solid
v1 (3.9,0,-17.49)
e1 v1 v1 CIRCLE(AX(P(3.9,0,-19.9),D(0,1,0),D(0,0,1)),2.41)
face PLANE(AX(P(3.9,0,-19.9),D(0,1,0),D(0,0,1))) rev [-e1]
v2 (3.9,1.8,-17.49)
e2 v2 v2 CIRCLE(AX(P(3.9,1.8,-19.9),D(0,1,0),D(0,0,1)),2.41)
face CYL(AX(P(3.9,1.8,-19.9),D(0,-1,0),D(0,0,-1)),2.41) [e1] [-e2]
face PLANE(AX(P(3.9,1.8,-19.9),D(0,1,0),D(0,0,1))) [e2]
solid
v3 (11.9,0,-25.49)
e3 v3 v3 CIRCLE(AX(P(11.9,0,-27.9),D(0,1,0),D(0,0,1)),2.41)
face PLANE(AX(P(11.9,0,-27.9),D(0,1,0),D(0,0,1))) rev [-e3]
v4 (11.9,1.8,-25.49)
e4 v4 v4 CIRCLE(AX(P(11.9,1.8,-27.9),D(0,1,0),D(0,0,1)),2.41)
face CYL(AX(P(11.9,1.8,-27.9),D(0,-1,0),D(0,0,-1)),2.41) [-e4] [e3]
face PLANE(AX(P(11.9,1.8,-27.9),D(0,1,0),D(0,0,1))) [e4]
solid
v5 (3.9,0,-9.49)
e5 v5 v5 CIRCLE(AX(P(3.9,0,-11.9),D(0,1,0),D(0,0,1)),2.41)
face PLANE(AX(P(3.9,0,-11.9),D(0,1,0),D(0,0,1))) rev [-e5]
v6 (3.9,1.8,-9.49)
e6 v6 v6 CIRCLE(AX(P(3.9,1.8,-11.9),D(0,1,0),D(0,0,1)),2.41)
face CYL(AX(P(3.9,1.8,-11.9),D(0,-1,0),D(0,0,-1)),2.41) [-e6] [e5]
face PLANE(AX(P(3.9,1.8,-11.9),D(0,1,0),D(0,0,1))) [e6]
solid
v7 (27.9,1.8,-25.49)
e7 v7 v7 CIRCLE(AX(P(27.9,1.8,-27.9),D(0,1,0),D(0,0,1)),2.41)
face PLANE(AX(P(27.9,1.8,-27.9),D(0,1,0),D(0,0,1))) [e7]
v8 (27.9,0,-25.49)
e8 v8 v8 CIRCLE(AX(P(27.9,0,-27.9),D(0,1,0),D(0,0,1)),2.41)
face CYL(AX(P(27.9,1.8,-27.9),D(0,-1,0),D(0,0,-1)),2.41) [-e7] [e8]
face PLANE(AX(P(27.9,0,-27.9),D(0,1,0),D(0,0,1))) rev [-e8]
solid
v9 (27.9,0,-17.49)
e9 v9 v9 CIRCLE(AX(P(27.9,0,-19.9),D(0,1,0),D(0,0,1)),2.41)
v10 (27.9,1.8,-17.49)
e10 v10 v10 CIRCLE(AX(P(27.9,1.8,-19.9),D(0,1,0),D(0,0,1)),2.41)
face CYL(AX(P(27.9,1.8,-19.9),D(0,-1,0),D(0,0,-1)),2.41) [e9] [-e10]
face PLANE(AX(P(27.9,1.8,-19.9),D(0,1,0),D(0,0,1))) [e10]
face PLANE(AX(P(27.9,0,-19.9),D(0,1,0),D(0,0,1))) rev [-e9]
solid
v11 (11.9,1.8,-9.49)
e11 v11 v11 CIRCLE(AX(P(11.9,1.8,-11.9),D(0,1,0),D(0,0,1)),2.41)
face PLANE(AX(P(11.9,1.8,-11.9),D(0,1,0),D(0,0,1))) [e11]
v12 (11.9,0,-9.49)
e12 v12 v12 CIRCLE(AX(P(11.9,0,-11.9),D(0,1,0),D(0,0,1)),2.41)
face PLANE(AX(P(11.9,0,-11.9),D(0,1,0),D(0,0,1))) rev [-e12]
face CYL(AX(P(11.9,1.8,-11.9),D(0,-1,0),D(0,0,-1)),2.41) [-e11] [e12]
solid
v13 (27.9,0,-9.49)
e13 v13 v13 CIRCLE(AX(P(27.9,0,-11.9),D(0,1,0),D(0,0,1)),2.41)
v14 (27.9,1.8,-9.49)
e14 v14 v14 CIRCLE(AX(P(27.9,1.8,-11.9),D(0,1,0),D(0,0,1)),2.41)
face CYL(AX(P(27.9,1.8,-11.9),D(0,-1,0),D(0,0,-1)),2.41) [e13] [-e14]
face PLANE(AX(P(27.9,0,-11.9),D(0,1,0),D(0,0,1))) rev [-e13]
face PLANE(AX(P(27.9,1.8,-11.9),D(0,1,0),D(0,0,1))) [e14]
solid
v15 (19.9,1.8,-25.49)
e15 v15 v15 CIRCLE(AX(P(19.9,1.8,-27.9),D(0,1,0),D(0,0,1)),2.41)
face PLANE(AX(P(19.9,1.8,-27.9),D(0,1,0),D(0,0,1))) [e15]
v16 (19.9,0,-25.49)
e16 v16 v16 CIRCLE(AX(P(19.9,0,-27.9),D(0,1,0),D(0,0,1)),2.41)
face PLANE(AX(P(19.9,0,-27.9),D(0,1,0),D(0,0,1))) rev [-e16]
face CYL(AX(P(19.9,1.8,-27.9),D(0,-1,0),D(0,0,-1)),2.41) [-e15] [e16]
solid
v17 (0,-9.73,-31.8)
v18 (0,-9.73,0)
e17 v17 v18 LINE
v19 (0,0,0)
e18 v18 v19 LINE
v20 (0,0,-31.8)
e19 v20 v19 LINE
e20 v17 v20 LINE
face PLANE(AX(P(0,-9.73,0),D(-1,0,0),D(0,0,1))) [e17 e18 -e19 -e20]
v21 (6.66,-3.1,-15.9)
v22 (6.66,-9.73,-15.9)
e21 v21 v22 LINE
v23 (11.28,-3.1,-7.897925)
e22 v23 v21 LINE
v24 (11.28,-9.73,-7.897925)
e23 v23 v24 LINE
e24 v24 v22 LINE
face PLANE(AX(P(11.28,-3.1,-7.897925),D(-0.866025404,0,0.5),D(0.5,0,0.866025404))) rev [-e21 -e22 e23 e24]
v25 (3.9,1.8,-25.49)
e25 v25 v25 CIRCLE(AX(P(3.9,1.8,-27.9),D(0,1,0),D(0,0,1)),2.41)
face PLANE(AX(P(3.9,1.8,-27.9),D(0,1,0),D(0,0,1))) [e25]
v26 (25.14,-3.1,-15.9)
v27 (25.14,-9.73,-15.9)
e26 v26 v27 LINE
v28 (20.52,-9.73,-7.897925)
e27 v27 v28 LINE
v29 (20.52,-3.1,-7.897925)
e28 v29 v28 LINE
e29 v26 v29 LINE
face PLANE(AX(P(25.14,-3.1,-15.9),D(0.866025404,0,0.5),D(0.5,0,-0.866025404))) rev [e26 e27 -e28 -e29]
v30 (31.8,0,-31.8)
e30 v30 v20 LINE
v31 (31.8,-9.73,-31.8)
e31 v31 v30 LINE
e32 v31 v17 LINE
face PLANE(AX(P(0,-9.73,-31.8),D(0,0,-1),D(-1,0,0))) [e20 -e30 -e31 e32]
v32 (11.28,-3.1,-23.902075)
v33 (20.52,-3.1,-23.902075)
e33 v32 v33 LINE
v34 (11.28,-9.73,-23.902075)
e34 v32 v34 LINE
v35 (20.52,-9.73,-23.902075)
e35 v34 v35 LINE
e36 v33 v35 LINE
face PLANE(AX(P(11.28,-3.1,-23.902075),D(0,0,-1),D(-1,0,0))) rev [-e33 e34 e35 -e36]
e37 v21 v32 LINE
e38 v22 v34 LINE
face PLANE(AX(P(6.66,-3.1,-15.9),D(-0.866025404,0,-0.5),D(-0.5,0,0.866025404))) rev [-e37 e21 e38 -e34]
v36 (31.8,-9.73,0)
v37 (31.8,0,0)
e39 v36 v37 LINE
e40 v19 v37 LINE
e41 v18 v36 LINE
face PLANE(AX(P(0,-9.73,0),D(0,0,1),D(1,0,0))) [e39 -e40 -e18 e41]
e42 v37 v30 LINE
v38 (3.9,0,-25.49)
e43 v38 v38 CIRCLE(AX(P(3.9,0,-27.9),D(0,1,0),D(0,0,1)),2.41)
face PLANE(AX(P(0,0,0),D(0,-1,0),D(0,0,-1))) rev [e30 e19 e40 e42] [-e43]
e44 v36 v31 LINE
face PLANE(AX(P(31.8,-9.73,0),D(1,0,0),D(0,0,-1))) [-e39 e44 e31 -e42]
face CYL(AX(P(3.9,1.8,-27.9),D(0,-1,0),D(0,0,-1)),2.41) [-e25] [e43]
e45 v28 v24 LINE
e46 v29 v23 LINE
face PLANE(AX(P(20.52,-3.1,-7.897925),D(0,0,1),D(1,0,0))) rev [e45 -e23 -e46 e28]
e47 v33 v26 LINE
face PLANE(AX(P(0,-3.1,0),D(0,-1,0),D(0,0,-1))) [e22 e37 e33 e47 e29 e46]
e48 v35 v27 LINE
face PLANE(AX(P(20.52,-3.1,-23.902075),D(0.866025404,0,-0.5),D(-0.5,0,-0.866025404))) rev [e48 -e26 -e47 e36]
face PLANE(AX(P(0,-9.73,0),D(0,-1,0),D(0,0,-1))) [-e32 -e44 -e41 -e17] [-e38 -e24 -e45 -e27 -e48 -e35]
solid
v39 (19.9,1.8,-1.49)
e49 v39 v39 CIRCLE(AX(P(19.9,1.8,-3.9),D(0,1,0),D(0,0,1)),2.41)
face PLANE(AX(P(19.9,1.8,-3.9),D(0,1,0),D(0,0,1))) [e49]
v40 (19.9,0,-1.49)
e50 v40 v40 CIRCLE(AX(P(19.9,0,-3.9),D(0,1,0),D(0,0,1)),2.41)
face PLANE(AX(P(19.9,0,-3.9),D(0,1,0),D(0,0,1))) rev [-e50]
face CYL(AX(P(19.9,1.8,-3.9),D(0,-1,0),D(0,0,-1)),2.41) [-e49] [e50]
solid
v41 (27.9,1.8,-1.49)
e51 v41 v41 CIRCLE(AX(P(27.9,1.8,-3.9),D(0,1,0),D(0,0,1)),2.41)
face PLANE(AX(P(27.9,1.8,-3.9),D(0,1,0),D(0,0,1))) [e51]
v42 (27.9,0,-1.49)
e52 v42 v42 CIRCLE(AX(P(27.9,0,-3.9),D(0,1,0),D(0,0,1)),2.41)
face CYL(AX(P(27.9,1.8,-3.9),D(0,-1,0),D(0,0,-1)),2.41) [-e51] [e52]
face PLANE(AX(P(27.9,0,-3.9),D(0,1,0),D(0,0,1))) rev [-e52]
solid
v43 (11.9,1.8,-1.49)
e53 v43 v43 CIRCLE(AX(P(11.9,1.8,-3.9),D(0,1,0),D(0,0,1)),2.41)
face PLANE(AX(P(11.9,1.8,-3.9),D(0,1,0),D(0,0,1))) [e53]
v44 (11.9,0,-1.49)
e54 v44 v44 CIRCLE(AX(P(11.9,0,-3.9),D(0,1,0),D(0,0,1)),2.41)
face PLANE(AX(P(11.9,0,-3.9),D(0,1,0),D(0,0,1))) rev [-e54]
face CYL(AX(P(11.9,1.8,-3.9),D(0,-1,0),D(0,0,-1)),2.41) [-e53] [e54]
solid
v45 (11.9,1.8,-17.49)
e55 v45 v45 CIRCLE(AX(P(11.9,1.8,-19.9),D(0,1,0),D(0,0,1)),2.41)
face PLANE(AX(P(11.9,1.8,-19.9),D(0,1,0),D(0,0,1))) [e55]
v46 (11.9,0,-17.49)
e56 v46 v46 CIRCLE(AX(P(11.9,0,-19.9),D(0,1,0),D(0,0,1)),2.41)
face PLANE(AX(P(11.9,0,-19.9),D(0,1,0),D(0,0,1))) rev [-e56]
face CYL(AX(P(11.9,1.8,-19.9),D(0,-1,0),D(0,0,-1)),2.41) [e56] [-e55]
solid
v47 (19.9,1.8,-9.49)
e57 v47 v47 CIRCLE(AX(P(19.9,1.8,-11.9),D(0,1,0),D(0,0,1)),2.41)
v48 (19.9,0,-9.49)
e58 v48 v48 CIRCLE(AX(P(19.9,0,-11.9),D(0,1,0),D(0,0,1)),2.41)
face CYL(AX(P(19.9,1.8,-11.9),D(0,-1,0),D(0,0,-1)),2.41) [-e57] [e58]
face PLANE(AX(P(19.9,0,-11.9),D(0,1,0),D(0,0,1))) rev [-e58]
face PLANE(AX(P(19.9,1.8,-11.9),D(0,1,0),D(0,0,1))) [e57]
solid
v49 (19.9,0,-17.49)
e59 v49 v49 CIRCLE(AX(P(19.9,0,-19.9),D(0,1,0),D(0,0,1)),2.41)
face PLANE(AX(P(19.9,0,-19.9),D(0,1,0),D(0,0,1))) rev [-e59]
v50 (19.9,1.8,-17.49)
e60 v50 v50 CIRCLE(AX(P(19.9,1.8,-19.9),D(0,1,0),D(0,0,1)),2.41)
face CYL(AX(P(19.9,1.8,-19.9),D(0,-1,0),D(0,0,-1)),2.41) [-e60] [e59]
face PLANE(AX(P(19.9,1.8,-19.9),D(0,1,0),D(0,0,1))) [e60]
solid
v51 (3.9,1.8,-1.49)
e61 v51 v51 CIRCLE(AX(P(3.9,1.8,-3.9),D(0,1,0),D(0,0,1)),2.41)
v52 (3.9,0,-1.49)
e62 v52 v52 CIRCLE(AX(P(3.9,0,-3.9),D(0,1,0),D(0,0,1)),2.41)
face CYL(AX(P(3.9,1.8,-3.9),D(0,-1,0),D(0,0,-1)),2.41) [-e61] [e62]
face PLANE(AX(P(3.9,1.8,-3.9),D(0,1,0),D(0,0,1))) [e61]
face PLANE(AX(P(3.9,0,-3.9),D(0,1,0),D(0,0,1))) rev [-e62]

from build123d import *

# Parameters (mm, degrees)
SKETCH2_R              = 2.41
BOSS_EXTRUDE1_DEPTH    = 1.8
BOSS_EXTRUDE1_2_DEPTH  = 1.8
BOSS_EXTRUDE1_3_DEPTH  = 1.8
BOSS_EXTRUDE1_4_DEPTH  = 1.8
BOSS_EXTRUDE1_5_DEPTH  = 1.8
BOSS_EXTRUDE1_6_DEPTH  = 1.8
BOSS_EXTRUDE1_7_DEPTH  = 1.8
BOSS_EXTRUDE1_8_DEPTH  = 1.8
BOSS_EXTRUDE1_9_DEPTH  = 1.8
BOSS_EXTRUDE1_10_DEPTH = 1.8
BOSS_EXTRUDE1_11_DEPTH = 1.8
BOSS_EXTRUDE1_12_DEPTH = 1.8
BOSS_EXTRUDE1_13_DEPTH = 1.8
BOSS_EXTRUDE1_14_DEPTH = 1.8
BOSS_EXTRUDE1_15_DEPTH = 1.8
BOSS_EXTRUDE1_16_DEPTH = 1.8
SKETCH1_W              = 31.8
SKETCH1_H              = 31.8
BOSS_EXTRUDE2_DEPTH    = 9.73
CUT_EXTRUDE1_DEPTH     = 6.63


with BuildPart() as part:
    # Sketch2 → Boss-Extrude1 (new body)
    with BuildSketch(Plane(origin=(0, 0, 0), x_dir=(1, 0, 0), z_dir=(0, 1, 0))):
        with Locations((3.9, 27.9)):
            Circle(SKETCH2_R)
    extrude(amount=BOSS_EXTRUDE1_DEPTH)

    # Sketch1 → Boss-Extrude2 (add)
    with BuildSketch(Plane(origin=(0, 0, 0), x_dir=(1, 0, 0), z_dir=(0, 1, 0))):
        with Locations((15.9, 15.9)):
            Rectangle(SKETCH1_W, SKETCH1_H)
    extrude(amount=-BOSS_EXTRUDE2_DEPTH)

    # Sketch4 → Cut-Extrude1 (cut)
    with BuildSketch(Plane.XZ.offset(9.73)):
        Polygon((25.14, -15.9), (20.52, -7.897925269), (11.28, -7.897925269), (6.66, -15.9), (11.28, -23.902074731), (20.52, -23.902074731), align=None)
    extrude(amount=-CUT_EXTRUDE1_DEPTH, mode=Mode.SUBTRACT)


with BuildPart() as body_2:
    # Sketch2 → Boss-Extrude1 2 (new body)
    with BuildSketch(Plane(origin=(0, 0, 0), x_dir=(1, 0, 0), z_dir=(0, 1, 0))):
        with Locations((11.9, 27.9)):
            Circle(SKETCH2_R)
    extrude(amount=BOSS_EXTRUDE1_2_DEPTH)


with BuildPart() as body_3:
    # Sketch2 → Boss-Extrude1 3 (new body)
    with BuildSketch(Plane(origin=(0, 0, 0), x_dir=(1, 0, 0), z_dir=(0, 1, 0))):
        with Locations((19.9, 27.9)):
            Circle(SKETCH2_R)
    extrude(amount=BOSS_EXTRUDE1_3_DEPTH)


with BuildPart() as body_4:
    # Sketch2 → Boss-Extrude1 4 (new body)
    with BuildSketch(Plane(origin=(0, 0, 0), x_dir=(1, 0, 0), z_dir=(0, 1, 0))):
        with Locations((27.9, 27.9)):
            Circle(SKETCH2_R)
    extrude(amount=BOSS_EXTRUDE1_4_DEPTH)


with BuildPart() as body_5:
    # Sketch2 → Boss-Extrude1 5 (new body)
    with BuildSketch(Plane(origin=(0, 0, 0), x_dir=(1, 0, 0), z_dir=(0, 1, 0))):
        with Locations((11.9, 19.9)):
            Circle(SKETCH2_R)
    extrude(amount=BOSS_EXTRUDE1_5_DEPTH)


with BuildPart() as body_6:
    # Sketch2 → Boss-Extrude1 6 (new body)
    with BuildSketch(Plane(origin=(0, 0, 0), x_dir=(1, 0, 0), z_dir=(0, 1, 0))):
        with Locations((19.9, 19.9)):
            Circle(SKETCH2_R)
    extrude(amount=BOSS_EXTRUDE1_6_DEPTH)


with BuildPart() as body_7:
    # Sketch2 → Boss-Extrude1 7 (new body)
    with BuildSketch(Plane(origin=(0, 0, 0), x_dir=(1, 0, 0), z_dir=(0, 1, 0))):
        with Locations((27.9, 19.9)):
            Circle(SKETCH2_R)
    extrude(amount=BOSS_EXTRUDE1_7_DEPTH)


with BuildPart() as body_8:
    # Sketch2 → Boss-Extrude1 8 (new body)
    with BuildSketch(Plane(origin=(0, 0, 0), x_dir=(1, 0, 0), z_dir=(0, 1, 0))):
        with Locations((11.9, 11.9)):
            Circle(SKETCH2_R)
    extrude(amount=BOSS_EXTRUDE1_8_DEPTH)


with BuildPart() as body_9:
    # Sketch2 → Boss-Extrude1 9 (new body)
    with BuildSketch(Plane(origin=(0, 0, 0), x_dir=(1, 0, 0), z_dir=(0, 1, 0))):
        with Locations((19.9, 11.9)):
            Circle(SKETCH2_R)
    extrude(amount=BOSS_EXTRUDE1_9_DEPTH)


with BuildPart() as body_10:
    # Sketch2 → Boss-Extrude1 10 (new body)
    with BuildSketch(Plane(origin=(0, 0, 0), x_dir=(1, 0, 0), z_dir=(0, 1, 0))):
        with Locations((27.9, 11.9)):
            Circle(SKETCH2_R)
    extrude(amount=BOSS_EXTRUDE1_10_DEPTH)


with BuildPart() as body_11:
    # Sketch2 → Boss-Extrude1 11 (new body)
    with BuildSketch(Plane(origin=(0, 0, 0), x_dir=(1, 0, 0), z_dir=(0, 1, 0))):
        with Locations((11.9, 3.9)):
            Circle(SKETCH2_R)
    extrude(amount=BOSS_EXTRUDE1_11_DEPTH)


with BuildPart() as body_12:
    # Sketch2 → Boss-Extrude1 12 (new body)
    with BuildSketch(Plane(origin=(0, 0, 0), x_dir=(1, 0, 0), z_dir=(0, 1, 0))):
        with Locations((19.9, 3.9)):
            Circle(SKETCH2_R)
    extrude(amount=BOSS_EXTRUDE1_12_DEPTH)


with BuildPart() as body_13:
    # Sketch2 → Boss-Extrude1 13 (new body)
    with BuildSketch(Plane(origin=(0, 0, 0), x_dir=(1, 0, 0), z_dir=(0, 1, 0))):
        with Locations((27.9, 3.9)):
            Circle(SKETCH2_R)
    extrude(amount=BOSS_EXTRUDE1_13_DEPTH)


with BuildPart() as body_14:
    # Sketch2 → Boss-Extrude1 14 (new body)
    with BuildSketch(Plane(origin=(0, 0, 0), x_dir=(1, 0, 0), z_dir=(0, 1, 0))):
        with Locations((3.9, 19.9)):
            Circle(SKETCH2_R)
    extrude(amount=BOSS_EXTRUDE1_14_DEPTH)


with BuildPart() as body_15:
    # Sketch2 → Boss-Extrude1 15 (new body)
    with BuildSketch(Plane(origin=(0, 0, 0), x_dir=(1, 0, 0), z_dir=(0, 1, 0))):
        with Locations((3.9, 11.9)):
            Circle(SKETCH2_R)
    extrude(amount=BOSS_EXTRUDE1_15_DEPTH)


with BuildPart() as body_16:
    # Sketch2 → Boss-Extrude1 16 (new body)
    with BuildSketch(Plane(origin=(0, 0, 0), x_dir=(1, 0, 0), z_dir=(0, 1, 0))):
        with Locations((3.9, 3.9)):
            Circle(SKETCH2_R)
    extrude(amount=BOSS_EXTRUDE1_16_DEPTH)


solid = Compound([part.part, body_2.part, body_3.part, body_4.part, body_5.part, body_6.part, body_7.part, body_8.part, body_9.part, body_10.part, body_11.part, body_12.part, body_13.part, body_14.part, body_15.part, body_16.part])
